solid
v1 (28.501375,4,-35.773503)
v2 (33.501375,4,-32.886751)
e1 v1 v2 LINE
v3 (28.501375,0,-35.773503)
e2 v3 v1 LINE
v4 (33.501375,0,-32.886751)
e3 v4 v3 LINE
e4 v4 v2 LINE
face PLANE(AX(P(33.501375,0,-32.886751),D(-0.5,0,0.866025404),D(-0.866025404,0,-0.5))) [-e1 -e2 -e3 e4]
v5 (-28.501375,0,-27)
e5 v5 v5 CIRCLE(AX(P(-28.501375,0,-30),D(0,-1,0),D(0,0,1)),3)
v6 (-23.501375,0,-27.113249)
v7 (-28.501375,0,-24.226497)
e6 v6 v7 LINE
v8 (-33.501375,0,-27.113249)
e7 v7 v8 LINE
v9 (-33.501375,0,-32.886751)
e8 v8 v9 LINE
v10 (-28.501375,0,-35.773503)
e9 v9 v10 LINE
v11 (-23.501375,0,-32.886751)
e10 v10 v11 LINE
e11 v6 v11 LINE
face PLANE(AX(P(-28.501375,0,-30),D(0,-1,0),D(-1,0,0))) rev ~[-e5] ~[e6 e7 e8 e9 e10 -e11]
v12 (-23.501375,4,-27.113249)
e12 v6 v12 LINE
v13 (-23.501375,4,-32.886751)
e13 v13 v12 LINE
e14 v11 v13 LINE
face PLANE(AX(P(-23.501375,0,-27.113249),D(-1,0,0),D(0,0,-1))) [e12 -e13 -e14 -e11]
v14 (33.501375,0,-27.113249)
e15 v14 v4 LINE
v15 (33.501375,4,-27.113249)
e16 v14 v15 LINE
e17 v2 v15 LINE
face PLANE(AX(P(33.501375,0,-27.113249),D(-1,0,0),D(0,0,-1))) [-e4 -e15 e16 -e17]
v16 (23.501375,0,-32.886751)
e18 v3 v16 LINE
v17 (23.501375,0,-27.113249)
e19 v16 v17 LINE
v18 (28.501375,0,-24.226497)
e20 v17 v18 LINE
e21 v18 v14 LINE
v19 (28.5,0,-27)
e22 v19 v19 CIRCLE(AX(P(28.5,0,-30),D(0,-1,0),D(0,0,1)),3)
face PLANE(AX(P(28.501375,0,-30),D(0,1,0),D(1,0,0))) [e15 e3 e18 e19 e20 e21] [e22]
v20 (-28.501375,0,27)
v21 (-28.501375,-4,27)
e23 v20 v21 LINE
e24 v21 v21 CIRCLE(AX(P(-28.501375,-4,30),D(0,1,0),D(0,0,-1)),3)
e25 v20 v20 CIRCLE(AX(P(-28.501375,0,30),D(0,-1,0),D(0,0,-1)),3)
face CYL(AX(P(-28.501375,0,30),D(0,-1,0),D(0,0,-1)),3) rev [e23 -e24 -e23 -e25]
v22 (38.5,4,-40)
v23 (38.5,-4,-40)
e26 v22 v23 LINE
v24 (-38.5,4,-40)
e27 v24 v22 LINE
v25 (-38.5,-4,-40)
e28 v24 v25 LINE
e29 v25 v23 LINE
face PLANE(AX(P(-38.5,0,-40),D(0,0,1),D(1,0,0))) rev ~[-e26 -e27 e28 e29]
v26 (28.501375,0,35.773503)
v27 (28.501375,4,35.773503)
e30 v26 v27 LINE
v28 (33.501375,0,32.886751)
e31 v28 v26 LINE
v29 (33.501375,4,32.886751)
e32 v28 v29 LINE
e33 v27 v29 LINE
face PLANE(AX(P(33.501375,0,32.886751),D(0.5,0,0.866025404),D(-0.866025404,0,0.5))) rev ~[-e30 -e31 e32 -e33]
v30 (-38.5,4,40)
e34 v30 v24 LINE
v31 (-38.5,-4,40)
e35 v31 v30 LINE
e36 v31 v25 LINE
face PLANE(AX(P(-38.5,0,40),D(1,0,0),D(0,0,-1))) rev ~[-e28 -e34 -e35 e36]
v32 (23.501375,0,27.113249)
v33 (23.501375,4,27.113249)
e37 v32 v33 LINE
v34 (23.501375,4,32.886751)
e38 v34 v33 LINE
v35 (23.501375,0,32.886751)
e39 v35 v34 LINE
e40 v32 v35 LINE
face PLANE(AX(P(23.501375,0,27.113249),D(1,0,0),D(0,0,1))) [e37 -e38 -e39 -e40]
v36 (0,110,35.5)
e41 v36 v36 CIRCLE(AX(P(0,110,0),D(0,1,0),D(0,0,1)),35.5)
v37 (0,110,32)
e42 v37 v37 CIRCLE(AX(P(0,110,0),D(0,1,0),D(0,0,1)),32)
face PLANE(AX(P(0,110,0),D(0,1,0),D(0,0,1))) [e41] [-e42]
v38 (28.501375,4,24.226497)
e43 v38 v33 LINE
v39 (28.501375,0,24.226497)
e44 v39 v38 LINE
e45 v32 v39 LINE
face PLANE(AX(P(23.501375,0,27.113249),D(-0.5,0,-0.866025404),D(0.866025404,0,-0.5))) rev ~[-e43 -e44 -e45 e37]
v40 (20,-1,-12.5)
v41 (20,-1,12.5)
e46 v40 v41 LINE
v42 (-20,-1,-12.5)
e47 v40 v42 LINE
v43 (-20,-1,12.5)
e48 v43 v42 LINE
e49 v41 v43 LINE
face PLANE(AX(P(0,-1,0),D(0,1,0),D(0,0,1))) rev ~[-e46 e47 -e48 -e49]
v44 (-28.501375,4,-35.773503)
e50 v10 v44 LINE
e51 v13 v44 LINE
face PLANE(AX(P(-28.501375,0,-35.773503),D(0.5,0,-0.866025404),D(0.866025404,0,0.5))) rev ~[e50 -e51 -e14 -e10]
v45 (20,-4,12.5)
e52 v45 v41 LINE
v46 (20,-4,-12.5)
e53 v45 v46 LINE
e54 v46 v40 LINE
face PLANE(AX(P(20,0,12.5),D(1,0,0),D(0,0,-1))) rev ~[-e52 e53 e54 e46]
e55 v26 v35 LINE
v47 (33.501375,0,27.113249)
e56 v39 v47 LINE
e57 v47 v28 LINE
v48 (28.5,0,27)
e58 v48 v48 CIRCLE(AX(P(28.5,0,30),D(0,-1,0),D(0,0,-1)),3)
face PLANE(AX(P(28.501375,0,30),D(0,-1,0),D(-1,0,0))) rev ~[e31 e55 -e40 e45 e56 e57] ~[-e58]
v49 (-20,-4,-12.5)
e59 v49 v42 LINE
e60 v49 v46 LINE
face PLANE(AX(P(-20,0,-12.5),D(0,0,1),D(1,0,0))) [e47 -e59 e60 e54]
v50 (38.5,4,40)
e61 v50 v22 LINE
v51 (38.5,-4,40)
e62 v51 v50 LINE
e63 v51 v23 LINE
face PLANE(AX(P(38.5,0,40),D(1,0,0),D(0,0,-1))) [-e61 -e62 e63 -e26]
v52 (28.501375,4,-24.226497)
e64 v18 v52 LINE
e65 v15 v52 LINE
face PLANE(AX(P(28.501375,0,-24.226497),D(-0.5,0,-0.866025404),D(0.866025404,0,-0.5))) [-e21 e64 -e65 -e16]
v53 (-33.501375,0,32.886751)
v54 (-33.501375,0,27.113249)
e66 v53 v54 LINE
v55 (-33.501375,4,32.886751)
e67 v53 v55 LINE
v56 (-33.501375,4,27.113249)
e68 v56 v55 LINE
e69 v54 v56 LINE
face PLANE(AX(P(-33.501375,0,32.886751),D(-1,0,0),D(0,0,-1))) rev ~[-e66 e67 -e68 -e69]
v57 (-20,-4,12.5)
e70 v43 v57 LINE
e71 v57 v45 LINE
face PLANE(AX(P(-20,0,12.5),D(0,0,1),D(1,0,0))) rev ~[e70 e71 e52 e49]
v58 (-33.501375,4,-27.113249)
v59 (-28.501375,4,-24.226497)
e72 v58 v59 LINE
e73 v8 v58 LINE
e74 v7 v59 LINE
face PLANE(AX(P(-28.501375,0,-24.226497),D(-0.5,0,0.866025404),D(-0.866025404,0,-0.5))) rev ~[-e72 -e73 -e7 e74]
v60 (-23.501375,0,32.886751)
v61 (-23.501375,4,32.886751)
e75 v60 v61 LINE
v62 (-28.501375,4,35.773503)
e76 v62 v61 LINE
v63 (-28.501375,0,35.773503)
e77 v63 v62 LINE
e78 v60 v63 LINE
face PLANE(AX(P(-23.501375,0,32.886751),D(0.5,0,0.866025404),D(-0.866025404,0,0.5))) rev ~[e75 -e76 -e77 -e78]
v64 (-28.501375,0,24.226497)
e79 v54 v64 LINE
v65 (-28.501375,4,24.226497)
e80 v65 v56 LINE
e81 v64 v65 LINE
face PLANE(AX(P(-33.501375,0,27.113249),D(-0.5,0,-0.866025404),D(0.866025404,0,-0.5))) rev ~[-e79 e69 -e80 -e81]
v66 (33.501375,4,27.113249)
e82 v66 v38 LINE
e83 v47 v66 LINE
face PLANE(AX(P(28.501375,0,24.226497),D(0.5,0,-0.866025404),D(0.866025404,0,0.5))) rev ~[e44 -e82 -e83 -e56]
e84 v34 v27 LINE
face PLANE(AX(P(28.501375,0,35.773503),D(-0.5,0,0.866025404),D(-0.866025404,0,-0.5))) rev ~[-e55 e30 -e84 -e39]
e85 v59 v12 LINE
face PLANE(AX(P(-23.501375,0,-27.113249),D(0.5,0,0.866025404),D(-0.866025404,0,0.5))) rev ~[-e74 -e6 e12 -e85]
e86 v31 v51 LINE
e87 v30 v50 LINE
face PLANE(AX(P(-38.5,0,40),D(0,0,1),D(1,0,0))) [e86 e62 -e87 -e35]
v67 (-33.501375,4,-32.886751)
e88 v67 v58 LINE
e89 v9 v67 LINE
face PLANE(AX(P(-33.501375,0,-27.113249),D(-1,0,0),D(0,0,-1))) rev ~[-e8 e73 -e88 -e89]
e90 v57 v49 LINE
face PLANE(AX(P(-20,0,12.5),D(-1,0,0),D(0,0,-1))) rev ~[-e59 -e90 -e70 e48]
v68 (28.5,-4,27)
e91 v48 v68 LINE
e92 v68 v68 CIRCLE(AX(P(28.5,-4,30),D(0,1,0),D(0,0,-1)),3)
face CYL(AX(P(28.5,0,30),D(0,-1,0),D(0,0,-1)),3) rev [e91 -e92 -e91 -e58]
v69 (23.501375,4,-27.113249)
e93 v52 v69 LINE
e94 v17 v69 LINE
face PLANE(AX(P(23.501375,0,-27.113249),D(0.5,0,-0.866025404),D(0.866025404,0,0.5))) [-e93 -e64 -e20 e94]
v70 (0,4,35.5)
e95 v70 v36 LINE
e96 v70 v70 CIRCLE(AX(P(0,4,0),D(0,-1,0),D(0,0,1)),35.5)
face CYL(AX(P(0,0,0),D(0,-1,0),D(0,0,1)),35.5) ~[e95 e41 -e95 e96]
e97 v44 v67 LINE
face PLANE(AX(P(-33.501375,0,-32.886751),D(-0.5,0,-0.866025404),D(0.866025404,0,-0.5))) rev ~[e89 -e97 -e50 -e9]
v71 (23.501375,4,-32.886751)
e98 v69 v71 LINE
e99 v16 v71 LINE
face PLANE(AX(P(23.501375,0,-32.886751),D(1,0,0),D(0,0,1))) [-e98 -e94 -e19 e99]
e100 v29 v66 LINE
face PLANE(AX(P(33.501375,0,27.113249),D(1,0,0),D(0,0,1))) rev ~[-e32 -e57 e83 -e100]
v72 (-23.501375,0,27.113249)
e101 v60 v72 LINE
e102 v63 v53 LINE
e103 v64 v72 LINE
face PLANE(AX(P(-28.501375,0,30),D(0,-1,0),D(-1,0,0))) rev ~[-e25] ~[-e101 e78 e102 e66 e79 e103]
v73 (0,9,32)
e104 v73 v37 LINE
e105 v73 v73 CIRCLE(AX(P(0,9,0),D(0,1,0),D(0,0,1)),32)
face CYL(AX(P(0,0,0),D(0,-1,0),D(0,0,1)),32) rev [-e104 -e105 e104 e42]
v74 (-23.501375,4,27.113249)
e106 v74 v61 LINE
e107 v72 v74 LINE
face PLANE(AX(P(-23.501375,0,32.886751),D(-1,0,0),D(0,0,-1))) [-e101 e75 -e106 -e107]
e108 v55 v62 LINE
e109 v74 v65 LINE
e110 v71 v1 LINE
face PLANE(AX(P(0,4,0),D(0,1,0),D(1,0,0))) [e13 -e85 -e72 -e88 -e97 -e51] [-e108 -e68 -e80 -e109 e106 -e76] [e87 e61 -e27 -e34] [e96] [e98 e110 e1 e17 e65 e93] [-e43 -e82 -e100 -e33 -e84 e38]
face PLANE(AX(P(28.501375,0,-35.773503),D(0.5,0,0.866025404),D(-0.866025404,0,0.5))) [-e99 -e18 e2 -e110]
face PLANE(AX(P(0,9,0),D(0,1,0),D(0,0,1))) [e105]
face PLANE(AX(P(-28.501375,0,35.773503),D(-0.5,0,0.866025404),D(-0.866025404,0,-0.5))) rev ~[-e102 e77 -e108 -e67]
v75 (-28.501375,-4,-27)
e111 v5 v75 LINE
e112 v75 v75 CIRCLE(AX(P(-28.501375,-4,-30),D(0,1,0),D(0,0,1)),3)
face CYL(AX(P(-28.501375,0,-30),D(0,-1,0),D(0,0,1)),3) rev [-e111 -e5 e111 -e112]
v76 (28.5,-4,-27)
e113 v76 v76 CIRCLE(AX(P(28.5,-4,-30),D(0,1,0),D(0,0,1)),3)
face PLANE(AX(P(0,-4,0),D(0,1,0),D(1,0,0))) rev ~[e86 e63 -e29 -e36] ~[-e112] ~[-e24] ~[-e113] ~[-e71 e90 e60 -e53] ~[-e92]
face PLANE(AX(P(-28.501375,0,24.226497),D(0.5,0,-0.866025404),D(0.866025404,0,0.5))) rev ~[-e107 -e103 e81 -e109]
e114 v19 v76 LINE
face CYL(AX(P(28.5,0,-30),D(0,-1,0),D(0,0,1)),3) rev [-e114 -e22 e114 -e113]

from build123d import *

# Parameters (mm, degrees)
SKETCH1_W           = 77
SKETCH1_H           = 80
SKETCH1_R           = 3
SKETCH1_W_2         = 40
SKETCH1_H_2         = 25
BOSS_EXTRUDE1_DEPTH = 4
CUT_EXTRUDE1_DEPTH  = 10
SKETCH3_R           = 35.5
SKETCH3_R_2         = 32
BOSS_EXTRUDE2_DEPTH = 110
SKETCH5_R           = 32
BOSS_EXTRUDE3_DEPTH = 5


with BuildPart() as part:
    # Sketch1 → Boss-Extrude1 (new, symmetric)
    with BuildSketch(Plane(origin=(0, 0, 0), x_dir=(1, 0, 0), z_dir=(0, 1, 0))):
        Rectangle(SKETCH1_W, SKETCH1_H)
        with Locations(Location((-28.501375206, 30, 0), (0, 0, 270))):
            Circle(SKETCH1_R, mode=Mode.SUBTRACT)
        with Locations(Location((28.5, 30, 0), (0, 0, 270))):
            Circle(SKETCH1_R, mode=Mode.SUBTRACT)
        with Locations(Location((28.5, -30, 0), (0, 0, 90))):
            Circle(SKETCH1_R, mode=Mode.SUBTRACT)
        with Locations(Location((-28.501375206, -30, 0), (0, 0, 90))):
            Circle(SKETCH1_R, mode=Mode.SUBTRACT)
        Rectangle(SKETCH1_W_2, SKETCH1_H_2, mode=Mode.SUBTRACT)
    extrude(amount=BOSS_EXTRUDE1_DEPTH, both=True)

    # Sketch2 → Cut-Extrude1 (cut)
    with BuildSketch(Plane(origin=(0, 0, 0), x_dir=(1, 0, 0), z_dir=(0, 1, 0))):
        Polygon((-33.501375206, -32.886751346), (-33.501375206, -27.113248654), (-28.501375206, -24.226497308), (-23.501375206, -27.113248654), (-23.501375206, -30), (-23.501375206, -32.886751346), (-28.501375206, -35.773502692), align=None)
        Polygon((-23.501375206, 30), (-23.501375206, 27.113248654), (-28.501375206, 24.226497308), (-33.501375206, 27.113248654), (-33.501375206, 32.886751346), (-28.501375206, 35.773502692), (-23.501375206, 32.886751346), align=None)
        Polygon((23.501375206, -30), (23.501375206, -27.113248654), (28.501375206, -24.226497308), (33.501375206, -27.113248654), (33.501375206, -32.886751346), (28.501375206, -35.773502692), (23.501375206, -32.886751346), align=None)
        Polygon((23.501375206, 27.113248654), (28.501375206, 24.226497308), (33.501375206, 27.113248654), (33.501375206, 32.886751346), (28.501375206, 35.773502692), (23.501375206, 32.886751346), (23.501375206, 30), align=None)
    extrude(amount=CUT_EXTRUDE1_DEPTH, mode=Mode.SUBTRACT)

    # Sketch3 → Boss-Extrude2 (add)
    with BuildSketch(Plane(origin=(0, 0, 0), x_dir=(1, 0, 0), z_dir=(0, 1, 0))):
        with Locations(Location((0, 0, 0), (0, 0, 270))):
            Circle(SKETCH3_R)
        with Locations(Location((0, 0, 0), (0, 0, 270))):
            Circle(SKETCH3_R_2, mode=Mode.SUBTRACT)
    extrude(amount=BOSS_EXTRUDE2_DEPTH)

    # Sketch5 → Boss-Extrude3 (add, symmetric)
    with BuildSketch(Plane(origin=(0, 4, 0), x_dir=(1, 0, 0), z_dir=(0, 1, 0))):
        with Locations(Location((0, 0, 0), (0, 0, 270))):
            Circle(SKETCH5_R)
    extrude(amount=BOSS_EXTRUDE3_DEPTH, both=True)


solid = part.part
